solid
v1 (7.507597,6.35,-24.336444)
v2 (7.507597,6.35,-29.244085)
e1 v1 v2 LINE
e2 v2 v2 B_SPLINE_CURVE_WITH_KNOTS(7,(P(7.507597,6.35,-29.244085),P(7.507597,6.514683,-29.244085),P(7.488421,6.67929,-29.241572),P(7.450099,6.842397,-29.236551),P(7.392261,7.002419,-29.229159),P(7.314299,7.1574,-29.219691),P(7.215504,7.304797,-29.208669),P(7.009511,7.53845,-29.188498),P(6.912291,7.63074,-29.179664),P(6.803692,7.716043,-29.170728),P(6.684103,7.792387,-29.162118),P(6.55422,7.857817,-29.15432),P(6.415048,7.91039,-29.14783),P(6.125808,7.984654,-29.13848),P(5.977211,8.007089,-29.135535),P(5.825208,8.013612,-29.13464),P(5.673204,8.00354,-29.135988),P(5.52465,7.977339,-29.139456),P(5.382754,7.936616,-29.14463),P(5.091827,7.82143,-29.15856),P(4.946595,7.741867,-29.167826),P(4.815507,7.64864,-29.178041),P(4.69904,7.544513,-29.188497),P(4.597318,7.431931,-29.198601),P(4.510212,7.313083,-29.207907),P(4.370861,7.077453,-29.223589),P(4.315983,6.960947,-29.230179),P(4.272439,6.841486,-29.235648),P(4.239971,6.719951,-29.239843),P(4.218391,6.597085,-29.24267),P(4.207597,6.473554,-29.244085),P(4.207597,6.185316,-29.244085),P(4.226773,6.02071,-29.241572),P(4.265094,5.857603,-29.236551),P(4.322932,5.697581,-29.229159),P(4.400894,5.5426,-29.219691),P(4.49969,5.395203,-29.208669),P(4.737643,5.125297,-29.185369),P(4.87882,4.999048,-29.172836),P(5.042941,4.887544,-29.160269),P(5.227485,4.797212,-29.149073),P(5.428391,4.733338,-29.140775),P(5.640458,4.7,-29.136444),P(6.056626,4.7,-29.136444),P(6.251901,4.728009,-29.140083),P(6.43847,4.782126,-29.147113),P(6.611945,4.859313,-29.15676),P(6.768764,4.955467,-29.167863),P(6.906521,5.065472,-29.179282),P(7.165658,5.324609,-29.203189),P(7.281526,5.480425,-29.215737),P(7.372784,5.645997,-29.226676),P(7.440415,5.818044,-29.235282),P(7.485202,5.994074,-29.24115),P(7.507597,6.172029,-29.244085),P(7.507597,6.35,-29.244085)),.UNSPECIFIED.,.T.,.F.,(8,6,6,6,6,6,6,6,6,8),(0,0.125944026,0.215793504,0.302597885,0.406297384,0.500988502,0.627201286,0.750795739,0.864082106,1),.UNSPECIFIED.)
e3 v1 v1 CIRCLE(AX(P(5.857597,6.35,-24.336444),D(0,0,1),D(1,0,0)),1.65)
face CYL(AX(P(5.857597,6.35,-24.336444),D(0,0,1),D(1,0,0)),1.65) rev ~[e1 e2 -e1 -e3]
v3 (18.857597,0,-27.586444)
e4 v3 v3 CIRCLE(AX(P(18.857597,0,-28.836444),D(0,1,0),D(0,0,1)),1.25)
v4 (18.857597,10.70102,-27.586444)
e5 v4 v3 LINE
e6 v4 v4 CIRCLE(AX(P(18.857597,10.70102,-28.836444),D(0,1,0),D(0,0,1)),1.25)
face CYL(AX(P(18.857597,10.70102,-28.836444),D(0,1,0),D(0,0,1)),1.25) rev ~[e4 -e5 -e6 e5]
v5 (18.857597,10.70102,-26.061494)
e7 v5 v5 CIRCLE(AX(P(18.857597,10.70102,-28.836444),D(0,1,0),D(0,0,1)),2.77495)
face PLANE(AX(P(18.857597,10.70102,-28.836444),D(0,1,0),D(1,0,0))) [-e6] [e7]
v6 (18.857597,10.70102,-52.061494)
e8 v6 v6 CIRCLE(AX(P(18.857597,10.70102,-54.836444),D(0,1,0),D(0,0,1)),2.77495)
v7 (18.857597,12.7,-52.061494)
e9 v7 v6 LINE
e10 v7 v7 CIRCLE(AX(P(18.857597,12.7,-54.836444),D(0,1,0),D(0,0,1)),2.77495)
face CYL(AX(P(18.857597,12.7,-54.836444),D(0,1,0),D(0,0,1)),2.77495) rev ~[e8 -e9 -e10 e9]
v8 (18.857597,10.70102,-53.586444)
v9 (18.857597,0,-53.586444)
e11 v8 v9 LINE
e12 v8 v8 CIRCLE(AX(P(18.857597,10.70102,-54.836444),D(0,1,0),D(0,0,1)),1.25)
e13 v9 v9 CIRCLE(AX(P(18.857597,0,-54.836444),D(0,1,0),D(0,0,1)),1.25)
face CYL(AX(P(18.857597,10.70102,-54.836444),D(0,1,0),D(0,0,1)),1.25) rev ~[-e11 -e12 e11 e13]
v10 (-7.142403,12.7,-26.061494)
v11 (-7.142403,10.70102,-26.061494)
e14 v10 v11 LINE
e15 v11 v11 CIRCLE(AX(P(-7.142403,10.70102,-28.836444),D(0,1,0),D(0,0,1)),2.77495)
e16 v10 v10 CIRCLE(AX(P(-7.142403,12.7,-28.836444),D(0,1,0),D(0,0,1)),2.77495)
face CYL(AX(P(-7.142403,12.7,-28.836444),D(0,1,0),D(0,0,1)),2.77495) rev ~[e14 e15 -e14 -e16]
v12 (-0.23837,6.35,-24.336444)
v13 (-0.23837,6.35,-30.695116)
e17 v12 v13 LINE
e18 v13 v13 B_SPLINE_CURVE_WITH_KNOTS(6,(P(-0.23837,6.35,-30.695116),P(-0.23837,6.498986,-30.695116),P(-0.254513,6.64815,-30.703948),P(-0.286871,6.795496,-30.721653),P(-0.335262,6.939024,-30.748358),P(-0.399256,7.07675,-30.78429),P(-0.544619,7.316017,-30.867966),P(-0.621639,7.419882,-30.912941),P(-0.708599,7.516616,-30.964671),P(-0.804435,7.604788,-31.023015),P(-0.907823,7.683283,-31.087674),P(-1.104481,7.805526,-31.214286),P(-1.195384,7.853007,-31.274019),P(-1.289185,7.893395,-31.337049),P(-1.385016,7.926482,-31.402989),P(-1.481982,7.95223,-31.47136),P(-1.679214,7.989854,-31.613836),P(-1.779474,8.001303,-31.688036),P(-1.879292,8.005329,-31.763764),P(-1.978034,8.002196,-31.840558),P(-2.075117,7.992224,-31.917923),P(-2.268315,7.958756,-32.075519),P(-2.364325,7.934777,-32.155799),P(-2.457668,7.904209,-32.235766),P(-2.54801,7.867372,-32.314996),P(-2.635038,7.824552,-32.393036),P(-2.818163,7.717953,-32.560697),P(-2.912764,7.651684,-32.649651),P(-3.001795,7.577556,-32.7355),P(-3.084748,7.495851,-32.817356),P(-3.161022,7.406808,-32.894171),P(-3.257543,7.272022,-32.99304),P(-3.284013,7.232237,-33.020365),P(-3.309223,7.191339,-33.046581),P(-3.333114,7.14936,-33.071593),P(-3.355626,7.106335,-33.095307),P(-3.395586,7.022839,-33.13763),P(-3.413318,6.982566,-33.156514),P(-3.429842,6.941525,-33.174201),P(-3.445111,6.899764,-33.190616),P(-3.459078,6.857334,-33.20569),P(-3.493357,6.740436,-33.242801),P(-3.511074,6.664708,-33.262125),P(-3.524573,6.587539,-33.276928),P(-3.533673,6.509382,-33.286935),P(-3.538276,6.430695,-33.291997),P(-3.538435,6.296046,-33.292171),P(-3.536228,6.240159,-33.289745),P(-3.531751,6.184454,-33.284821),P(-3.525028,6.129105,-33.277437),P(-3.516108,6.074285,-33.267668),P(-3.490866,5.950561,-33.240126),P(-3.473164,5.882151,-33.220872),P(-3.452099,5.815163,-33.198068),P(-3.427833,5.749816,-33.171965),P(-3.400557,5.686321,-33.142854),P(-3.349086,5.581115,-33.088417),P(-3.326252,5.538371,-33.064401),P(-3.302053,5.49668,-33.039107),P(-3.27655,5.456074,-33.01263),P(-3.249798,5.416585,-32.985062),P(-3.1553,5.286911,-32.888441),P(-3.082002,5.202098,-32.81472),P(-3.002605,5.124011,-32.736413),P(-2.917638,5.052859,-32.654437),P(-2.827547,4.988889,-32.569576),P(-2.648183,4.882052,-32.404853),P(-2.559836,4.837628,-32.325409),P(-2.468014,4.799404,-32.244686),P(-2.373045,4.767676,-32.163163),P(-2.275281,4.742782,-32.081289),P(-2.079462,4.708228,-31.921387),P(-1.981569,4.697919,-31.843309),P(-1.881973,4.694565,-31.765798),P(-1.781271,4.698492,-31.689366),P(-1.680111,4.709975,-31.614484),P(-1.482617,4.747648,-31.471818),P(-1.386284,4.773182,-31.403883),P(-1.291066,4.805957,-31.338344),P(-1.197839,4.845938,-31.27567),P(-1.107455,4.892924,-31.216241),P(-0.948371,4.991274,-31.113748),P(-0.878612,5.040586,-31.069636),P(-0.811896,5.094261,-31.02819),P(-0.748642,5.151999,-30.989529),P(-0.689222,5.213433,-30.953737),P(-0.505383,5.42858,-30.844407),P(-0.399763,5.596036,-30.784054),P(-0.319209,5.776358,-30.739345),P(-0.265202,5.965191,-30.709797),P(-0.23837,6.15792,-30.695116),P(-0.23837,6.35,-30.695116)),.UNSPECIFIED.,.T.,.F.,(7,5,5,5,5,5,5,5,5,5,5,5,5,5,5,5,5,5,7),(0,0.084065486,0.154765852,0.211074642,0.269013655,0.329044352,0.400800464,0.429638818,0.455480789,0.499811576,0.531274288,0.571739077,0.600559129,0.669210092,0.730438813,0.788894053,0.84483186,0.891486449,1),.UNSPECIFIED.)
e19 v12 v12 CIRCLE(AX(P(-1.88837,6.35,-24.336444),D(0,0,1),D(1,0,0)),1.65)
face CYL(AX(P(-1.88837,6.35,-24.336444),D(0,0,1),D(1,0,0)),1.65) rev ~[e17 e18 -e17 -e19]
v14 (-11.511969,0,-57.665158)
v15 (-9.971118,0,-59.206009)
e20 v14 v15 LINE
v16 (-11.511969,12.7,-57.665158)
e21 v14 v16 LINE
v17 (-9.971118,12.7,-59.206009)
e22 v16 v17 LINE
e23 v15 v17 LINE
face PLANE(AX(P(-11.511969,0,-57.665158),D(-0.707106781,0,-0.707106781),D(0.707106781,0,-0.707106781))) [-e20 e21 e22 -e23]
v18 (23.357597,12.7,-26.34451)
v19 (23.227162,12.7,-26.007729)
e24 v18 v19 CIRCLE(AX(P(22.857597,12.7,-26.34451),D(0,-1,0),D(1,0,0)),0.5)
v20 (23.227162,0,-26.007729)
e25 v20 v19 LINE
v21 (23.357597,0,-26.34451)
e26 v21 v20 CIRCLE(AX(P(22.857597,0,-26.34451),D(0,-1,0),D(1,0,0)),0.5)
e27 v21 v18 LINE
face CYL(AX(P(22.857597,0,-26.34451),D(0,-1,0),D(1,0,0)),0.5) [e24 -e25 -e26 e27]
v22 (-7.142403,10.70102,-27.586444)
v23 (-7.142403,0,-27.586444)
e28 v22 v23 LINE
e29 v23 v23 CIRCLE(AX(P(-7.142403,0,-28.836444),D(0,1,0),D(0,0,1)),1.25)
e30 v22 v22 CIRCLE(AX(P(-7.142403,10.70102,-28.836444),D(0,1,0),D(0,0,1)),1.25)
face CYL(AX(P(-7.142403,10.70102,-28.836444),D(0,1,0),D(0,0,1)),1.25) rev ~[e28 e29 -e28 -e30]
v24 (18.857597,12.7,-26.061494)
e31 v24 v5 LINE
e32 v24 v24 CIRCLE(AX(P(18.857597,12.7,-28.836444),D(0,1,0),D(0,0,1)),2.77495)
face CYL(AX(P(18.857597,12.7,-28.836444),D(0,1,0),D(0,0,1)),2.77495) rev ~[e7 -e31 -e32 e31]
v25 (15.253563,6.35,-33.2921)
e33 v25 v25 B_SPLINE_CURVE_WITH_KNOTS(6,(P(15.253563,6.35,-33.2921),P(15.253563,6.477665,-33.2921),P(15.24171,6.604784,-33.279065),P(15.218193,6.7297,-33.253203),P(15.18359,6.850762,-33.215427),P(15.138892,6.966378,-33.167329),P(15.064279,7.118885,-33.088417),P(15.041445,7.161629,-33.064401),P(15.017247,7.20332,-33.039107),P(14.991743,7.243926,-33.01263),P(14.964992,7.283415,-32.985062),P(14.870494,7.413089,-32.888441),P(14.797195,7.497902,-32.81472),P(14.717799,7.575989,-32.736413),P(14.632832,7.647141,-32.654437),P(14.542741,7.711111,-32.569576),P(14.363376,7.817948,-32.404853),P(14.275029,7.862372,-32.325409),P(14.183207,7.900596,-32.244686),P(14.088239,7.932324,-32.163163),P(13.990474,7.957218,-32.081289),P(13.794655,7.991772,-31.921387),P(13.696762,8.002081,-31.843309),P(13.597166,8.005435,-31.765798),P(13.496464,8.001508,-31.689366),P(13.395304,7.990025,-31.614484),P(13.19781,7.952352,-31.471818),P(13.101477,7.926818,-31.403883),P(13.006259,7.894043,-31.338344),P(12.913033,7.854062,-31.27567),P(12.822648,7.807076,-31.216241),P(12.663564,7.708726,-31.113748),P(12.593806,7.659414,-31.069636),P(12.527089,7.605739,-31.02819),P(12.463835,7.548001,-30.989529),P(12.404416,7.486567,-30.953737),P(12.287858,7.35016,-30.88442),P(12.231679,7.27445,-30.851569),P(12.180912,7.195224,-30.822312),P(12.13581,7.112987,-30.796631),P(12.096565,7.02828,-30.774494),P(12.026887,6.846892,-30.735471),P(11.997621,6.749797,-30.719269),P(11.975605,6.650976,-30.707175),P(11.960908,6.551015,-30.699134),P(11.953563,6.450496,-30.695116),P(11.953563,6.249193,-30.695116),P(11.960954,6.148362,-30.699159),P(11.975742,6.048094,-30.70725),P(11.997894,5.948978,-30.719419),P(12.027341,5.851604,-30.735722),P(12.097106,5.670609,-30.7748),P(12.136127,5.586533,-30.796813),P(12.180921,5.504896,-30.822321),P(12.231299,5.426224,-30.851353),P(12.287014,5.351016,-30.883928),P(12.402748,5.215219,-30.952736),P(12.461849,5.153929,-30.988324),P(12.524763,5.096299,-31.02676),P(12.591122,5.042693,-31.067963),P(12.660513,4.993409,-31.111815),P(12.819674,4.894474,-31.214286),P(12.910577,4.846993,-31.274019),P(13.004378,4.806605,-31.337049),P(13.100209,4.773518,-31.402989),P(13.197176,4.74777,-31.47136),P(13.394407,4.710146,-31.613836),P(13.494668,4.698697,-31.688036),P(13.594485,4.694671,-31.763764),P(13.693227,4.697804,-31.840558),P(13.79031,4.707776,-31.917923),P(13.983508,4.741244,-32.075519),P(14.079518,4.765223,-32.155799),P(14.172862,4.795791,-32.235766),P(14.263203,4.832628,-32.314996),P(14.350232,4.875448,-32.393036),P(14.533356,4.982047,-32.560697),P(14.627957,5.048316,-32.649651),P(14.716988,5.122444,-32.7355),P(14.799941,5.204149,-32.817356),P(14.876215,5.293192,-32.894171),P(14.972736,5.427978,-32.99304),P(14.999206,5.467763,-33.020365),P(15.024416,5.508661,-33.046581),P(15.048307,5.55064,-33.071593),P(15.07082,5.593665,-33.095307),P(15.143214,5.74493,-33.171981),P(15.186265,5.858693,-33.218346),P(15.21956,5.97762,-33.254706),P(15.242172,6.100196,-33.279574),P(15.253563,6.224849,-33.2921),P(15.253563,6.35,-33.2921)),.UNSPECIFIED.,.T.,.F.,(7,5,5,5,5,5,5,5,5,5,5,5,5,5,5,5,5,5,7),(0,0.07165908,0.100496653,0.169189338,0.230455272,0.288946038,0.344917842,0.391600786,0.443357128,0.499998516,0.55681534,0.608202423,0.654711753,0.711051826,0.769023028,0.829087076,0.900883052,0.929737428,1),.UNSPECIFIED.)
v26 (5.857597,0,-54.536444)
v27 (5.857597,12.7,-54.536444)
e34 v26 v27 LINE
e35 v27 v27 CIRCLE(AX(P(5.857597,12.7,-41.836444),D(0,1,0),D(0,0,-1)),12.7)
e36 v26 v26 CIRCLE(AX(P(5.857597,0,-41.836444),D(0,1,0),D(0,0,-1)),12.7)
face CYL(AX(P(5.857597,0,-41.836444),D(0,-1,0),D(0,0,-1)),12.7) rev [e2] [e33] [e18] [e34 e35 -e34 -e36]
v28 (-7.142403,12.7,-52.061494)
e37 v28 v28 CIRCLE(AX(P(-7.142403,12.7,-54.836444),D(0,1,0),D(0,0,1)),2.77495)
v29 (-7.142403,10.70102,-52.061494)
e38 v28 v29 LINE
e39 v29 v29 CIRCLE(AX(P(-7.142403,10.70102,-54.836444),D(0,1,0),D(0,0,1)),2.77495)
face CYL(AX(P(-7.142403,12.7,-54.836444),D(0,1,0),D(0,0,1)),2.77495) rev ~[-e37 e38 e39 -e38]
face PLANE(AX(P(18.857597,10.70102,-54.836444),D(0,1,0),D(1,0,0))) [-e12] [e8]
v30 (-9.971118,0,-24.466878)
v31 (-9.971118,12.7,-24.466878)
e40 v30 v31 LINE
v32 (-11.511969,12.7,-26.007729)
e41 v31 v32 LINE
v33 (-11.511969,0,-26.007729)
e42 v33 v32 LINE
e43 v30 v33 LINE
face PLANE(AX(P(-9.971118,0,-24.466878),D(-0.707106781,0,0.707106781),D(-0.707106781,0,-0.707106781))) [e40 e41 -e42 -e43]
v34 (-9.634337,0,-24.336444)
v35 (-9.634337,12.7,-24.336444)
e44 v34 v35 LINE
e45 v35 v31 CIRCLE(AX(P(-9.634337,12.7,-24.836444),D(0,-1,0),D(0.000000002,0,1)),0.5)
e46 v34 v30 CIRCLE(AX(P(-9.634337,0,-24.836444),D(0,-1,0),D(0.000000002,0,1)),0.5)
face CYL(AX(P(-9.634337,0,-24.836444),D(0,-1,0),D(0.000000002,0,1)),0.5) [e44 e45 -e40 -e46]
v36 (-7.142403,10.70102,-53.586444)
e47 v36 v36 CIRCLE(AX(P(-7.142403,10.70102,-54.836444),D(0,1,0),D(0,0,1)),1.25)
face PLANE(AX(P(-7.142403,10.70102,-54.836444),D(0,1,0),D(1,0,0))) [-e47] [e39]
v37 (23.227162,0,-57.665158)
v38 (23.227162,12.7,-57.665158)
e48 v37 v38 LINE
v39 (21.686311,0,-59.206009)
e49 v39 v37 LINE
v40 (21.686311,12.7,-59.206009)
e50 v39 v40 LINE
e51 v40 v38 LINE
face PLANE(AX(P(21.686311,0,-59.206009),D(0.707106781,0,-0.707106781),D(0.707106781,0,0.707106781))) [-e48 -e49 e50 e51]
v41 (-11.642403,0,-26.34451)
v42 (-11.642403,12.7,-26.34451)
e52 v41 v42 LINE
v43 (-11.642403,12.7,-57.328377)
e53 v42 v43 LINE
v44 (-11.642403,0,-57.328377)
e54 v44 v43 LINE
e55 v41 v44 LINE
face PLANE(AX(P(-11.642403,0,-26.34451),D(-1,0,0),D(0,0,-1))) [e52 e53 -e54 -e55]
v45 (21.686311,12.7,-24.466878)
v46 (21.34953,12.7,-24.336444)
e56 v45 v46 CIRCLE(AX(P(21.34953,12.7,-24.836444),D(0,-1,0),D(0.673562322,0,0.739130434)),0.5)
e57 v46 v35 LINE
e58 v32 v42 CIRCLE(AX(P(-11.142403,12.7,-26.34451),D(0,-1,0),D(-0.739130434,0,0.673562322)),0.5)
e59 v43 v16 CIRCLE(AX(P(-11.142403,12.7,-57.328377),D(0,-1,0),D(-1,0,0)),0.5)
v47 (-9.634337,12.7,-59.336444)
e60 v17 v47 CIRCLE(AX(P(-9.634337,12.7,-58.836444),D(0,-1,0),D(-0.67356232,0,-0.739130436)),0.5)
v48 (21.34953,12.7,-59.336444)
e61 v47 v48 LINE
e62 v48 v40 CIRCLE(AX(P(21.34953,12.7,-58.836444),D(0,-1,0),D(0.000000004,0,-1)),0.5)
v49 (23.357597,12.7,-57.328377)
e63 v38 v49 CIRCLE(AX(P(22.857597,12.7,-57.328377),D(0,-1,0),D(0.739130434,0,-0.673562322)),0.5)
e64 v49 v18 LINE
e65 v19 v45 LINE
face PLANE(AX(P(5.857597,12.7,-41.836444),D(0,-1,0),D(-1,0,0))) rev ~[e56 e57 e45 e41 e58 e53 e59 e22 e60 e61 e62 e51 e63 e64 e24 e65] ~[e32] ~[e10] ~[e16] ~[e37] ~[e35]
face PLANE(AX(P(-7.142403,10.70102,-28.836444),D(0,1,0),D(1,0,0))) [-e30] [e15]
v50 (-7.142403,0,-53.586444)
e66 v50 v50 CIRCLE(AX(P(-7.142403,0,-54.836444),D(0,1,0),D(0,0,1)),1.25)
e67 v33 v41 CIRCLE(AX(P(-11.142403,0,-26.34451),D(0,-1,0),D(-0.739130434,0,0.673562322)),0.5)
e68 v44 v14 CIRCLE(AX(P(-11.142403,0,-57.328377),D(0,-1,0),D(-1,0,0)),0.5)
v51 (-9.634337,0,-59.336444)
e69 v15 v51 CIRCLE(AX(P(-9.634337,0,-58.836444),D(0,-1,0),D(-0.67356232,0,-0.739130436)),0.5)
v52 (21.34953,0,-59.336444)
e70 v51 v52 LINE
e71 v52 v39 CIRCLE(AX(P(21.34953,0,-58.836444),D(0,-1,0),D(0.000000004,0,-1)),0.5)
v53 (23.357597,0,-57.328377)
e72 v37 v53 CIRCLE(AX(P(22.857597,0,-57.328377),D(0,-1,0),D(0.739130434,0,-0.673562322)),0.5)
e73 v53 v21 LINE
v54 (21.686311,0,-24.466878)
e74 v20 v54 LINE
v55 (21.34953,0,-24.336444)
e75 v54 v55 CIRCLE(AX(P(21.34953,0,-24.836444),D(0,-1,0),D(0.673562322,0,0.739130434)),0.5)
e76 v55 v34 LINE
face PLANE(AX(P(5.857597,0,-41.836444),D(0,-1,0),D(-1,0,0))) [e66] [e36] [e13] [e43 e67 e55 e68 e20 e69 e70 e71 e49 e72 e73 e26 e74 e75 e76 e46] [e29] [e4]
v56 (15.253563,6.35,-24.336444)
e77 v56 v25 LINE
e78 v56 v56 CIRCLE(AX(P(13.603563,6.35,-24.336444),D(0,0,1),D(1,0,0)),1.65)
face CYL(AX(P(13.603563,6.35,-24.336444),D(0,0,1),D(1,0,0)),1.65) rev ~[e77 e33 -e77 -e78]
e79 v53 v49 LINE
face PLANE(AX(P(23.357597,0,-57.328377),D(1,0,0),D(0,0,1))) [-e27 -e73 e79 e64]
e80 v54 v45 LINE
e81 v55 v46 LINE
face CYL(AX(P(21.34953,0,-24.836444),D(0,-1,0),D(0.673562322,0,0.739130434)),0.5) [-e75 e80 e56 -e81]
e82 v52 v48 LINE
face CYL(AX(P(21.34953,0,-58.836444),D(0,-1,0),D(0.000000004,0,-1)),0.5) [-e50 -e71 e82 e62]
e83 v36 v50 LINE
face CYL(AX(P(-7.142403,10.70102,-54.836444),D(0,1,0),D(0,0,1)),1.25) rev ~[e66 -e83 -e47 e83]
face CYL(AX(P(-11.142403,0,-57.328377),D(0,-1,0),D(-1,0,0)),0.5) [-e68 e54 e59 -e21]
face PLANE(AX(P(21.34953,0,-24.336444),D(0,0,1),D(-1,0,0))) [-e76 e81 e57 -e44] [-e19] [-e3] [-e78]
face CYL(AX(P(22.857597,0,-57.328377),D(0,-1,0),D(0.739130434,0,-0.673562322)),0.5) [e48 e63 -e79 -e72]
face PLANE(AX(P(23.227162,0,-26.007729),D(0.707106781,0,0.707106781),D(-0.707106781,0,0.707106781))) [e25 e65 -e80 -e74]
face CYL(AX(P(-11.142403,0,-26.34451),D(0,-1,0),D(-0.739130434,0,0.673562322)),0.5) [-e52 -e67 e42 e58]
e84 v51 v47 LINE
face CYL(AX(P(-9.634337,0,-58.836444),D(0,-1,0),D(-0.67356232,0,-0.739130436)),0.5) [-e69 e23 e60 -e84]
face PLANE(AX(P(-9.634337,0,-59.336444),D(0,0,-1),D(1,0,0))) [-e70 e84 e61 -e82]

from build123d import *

# Parameters (mm, degrees)
SKETCH1_R           = 12.7
SKETCH1_R_2         = 1.65
BOSS_EXTRUDE1_DEPTH = 12.7
SKETCH2_R           = 1.65
CUT_EXTRUDE1_DEPTH  = 12.7
SKETCH3_R           = 2.77495
CUT_EXTRUDE3_DEPTH  = 1.99898
SKETCH7_R           = 1.65
BOSS_EXTRUDE2_DEPTH = 10.70102
SKETCH8_R           = 1.65
BOSS_EXTRUDE3_DEPTH = 10.70102
SKETCH9_R           = 1.65
BOSS_EXTRUDE4_DEPTH = 10.70102
SKETCH10_R          = 1.65
BOSS_EXTRUDE5_DEPTH = 10.70102
SKETCH12_R          = 1.25
CUT_EXTRUDE4_DEPTH  = 12.7
SKETCH11_R          = 1.25
CUT_EXTRUDE5_DEPTH  = 12.7


with BuildPart() as part:
    # Sketch1 → Boss-Extrude1 (new body)
    with BuildSketch(Plane(origin=(0, 0, 0), x_dir=(1, 0, 0), z_dir=(0, 1, 0))):
        with BuildLine():
            Line((21.686311219, 59.206008809), (23.227161891, 57.665158137))
            ThreePointArc((23.227161891, 57.665158137), (23.323849078, 57.508955756), (23.357596674, 57.328376976))
            Line((23.357596674, 57.328376976), (23.357596674, 26.344510207))
            ThreePointArc((23.357596674, 26.344510207), (23.323849078, 26.163931427), (23.227161891, 26.007729046))
            Line((23.227161891, 26.007729046), (21.686311219, 24.466878374))
            ThreePointArc((21.686311219, 24.466878374), (21.530108838, 24.370191187), (21.349530059, 24.336443591))
            Line((21.349530059, 24.336443591), (-9.634336711, 24.336443591))
            ThreePointArc((-9.634336711, 24.336443591), (-9.814915491, 24.370191187), (-9.971117871, 24.466878374))
            Line((-9.971117871, 24.466878374), (-11.511968543, 26.007729046))
            ThreePointArc((-11.511968543, 26.007729046), (-11.60865573, 26.163931427), (-11.642403326, 26.344510207))
            Line((-11.642403326, 26.344510207), (-11.642403326, 57.328376976))
            ThreePointArc((-11.642403326, 57.328376976), (-11.60865573, 57.508955756), (-11.511968543, 57.665158137))
            Line((-11.511968543, 57.665158137), (-9.971117871, 59.206008809))
            ThreePointArc((-9.971117871, 59.206008809), (-9.814915491, 59.302695995), (-9.634336711, 59.336443591))
            Line((-9.634336711, 59.336443591), (21.349530059, 59.336443591))
            ThreePointArc((21.349530059, 59.336443591), (21.530108838, 59.302695995), (21.686311219, 59.206008809))
        make_face()
        with Locations(Location((5.857596674, 41.836443591, 0), (0, 0, 90))):
            Circle(SKETCH1_R, mode=Mode.SUBTRACT)
        with Locations(Location((18.857596674, 54.836443591, 0), (0, 0, 90))):
            Circle(SKETCH1_R_2, mode=Mode.SUBTRACT)
        with Locations(Location((18.857596674, 28.836443591, 0), (0, 0, 90))):
            Circle(SKETCH1_R_2, mode=Mode.SUBTRACT)
        with Locations(Location((-7.142403326, 54.836443591, 0), (0, 0, 90))):
            Circle(SKETCH1_R_2, mode=Mode.SUBTRACT)
        with Locations(Location((-7.142403326, 28.836443591, 0), (0, 0, 90))):
            Circle(SKETCH1_R_2, mode=Mode.SUBTRACT)
    extrude(amount=BOSS_EXTRUDE1_DEPTH)

    # Sketch2 → Cut-Extrude1 (cut)
    with BuildSketch(Plane.XY.offset(-24.336443591)):
        with Locations((-1.888370018, 6.35)):
            Circle(SKETCH2_R)
        with Locations((13.603563366, 6.35)):
            Circle(SKETCH2_R)
        with Locations((5.857596674, 6.35)):
            Circle(SKETCH2_R)
    extrude(amount=-CUT_EXTRUDE1_DEPTH, mode=Mode.SUBTRACT)

    # Sketch3 → Cut-Extrude3 (cut)
    with BuildSketch(Plane(origin=(0, 12.7, 0), x_dir=(1, 0, 0), z_dir=(0, 1, 0))):
        with Locations(Location((-7.142403326, 54.836443591, 0), (0, 0, 270))):
            Circle(SKETCH3_R)
        with Locations(Location((18.857596674, 54.836443591, 0), (0, 0, 270))):
            Circle(SKETCH3_R)
        with Locations(Location((-7.142403326, 28.836443591, 0), (0, 0, 270))):
            Circle(SKETCH3_R)
        with Locations(Location((18.857596674, 28.836443591, 0), (0, 0, 270))):
            Circle(SKETCH3_R)
    extrude(amount=-CUT_EXTRUDE3_DEPTH, mode=Mode.SUBTRACT)

    # Sketch7 → Boss-Extrude2 (add, through all)
    with BuildSketch(Plane(origin=(0, 10.70102, 0), x_dir=(1, 0, 0), z_dir=(0, 1, 0))):
        with Locations((-7.142403326, 28.836443591)):
            Circle(SKETCH7_R)
    extrude(amount=-BOSS_EXTRUDE2_DEPTH)

    # Sketch8 → Boss-Extrude3 (add, through all)
    with BuildSketch(Plane(origin=(0, 10.70102, 0), x_dir=(1, 0, 0), z_dir=(0, 1, 0))):
        with Locations((-7.142403326, 54.836443591)):
            Circle(SKETCH8_R)
    extrude(amount=-BOSS_EXTRUDE3_DEPTH)

    # Sketch9 → Boss-Extrude4 (add, through all)
    with BuildSketch(Plane(origin=(0, 10.70102, 0), x_dir=(1, 0, 0), z_dir=(0, 1, 0))):
        with Locations((18.857596674, 54.836443591)):
            Circle(SKETCH9_R)
    extrude(amount=-BOSS_EXTRUDE4_DEPTH)

    # Sketch10 → Boss-Extrude5 (add, through all)
    with BuildSketch(Plane(origin=(0, 10.70102, 0), x_dir=(1, 0, 0), z_dir=(0, 1, 0))):
        with Locations((18.857596674, 28.836443591)):
            Circle(SKETCH10_R)
    extrude(amount=-BOSS_EXTRUDE5_DEPTH)

    # Sketch12 → Cut-Extrude4 (cut)
    with BuildSketch(Plane(origin=(0, 10.70102, 0), x_dir=(1, 0, 0), z_dir=(0, 1, 0))):
        with Locations(Location((18.857596674, 54.836443591, 0), (0, 0, 270))):
            Circle(SKETCH12_R)
        with Locations(Location((-7.142403326, 28.836443591, 0), (0, 0, 270))):
            Circle(SKETCH12_R)
        with Locations(Location((18.857596674, 28.836443591, 0), (0, 0, 270))):
            Circle(SKETCH12_R)
    extrude(amount=-CUT_EXTRUDE4_DEPTH, mode=Mode.SUBTRACT)

    # Sketch11 → Cut-Extrude5 (cut)
    with BuildSketch(Plane(origin=(0, 10.70102, 0), x_dir=(1, 0, 0), z_dir=(0, 1, 0))):
        with Locations(Location((-7.142403326, 54.836443591, 0), (0, 0, 270))):
            Circle(SKETCH11_R)
    extrude(amount=-CUT_EXTRUDE5_DEPTH, mode=Mode.SUBTRACT)


solid = part.part
